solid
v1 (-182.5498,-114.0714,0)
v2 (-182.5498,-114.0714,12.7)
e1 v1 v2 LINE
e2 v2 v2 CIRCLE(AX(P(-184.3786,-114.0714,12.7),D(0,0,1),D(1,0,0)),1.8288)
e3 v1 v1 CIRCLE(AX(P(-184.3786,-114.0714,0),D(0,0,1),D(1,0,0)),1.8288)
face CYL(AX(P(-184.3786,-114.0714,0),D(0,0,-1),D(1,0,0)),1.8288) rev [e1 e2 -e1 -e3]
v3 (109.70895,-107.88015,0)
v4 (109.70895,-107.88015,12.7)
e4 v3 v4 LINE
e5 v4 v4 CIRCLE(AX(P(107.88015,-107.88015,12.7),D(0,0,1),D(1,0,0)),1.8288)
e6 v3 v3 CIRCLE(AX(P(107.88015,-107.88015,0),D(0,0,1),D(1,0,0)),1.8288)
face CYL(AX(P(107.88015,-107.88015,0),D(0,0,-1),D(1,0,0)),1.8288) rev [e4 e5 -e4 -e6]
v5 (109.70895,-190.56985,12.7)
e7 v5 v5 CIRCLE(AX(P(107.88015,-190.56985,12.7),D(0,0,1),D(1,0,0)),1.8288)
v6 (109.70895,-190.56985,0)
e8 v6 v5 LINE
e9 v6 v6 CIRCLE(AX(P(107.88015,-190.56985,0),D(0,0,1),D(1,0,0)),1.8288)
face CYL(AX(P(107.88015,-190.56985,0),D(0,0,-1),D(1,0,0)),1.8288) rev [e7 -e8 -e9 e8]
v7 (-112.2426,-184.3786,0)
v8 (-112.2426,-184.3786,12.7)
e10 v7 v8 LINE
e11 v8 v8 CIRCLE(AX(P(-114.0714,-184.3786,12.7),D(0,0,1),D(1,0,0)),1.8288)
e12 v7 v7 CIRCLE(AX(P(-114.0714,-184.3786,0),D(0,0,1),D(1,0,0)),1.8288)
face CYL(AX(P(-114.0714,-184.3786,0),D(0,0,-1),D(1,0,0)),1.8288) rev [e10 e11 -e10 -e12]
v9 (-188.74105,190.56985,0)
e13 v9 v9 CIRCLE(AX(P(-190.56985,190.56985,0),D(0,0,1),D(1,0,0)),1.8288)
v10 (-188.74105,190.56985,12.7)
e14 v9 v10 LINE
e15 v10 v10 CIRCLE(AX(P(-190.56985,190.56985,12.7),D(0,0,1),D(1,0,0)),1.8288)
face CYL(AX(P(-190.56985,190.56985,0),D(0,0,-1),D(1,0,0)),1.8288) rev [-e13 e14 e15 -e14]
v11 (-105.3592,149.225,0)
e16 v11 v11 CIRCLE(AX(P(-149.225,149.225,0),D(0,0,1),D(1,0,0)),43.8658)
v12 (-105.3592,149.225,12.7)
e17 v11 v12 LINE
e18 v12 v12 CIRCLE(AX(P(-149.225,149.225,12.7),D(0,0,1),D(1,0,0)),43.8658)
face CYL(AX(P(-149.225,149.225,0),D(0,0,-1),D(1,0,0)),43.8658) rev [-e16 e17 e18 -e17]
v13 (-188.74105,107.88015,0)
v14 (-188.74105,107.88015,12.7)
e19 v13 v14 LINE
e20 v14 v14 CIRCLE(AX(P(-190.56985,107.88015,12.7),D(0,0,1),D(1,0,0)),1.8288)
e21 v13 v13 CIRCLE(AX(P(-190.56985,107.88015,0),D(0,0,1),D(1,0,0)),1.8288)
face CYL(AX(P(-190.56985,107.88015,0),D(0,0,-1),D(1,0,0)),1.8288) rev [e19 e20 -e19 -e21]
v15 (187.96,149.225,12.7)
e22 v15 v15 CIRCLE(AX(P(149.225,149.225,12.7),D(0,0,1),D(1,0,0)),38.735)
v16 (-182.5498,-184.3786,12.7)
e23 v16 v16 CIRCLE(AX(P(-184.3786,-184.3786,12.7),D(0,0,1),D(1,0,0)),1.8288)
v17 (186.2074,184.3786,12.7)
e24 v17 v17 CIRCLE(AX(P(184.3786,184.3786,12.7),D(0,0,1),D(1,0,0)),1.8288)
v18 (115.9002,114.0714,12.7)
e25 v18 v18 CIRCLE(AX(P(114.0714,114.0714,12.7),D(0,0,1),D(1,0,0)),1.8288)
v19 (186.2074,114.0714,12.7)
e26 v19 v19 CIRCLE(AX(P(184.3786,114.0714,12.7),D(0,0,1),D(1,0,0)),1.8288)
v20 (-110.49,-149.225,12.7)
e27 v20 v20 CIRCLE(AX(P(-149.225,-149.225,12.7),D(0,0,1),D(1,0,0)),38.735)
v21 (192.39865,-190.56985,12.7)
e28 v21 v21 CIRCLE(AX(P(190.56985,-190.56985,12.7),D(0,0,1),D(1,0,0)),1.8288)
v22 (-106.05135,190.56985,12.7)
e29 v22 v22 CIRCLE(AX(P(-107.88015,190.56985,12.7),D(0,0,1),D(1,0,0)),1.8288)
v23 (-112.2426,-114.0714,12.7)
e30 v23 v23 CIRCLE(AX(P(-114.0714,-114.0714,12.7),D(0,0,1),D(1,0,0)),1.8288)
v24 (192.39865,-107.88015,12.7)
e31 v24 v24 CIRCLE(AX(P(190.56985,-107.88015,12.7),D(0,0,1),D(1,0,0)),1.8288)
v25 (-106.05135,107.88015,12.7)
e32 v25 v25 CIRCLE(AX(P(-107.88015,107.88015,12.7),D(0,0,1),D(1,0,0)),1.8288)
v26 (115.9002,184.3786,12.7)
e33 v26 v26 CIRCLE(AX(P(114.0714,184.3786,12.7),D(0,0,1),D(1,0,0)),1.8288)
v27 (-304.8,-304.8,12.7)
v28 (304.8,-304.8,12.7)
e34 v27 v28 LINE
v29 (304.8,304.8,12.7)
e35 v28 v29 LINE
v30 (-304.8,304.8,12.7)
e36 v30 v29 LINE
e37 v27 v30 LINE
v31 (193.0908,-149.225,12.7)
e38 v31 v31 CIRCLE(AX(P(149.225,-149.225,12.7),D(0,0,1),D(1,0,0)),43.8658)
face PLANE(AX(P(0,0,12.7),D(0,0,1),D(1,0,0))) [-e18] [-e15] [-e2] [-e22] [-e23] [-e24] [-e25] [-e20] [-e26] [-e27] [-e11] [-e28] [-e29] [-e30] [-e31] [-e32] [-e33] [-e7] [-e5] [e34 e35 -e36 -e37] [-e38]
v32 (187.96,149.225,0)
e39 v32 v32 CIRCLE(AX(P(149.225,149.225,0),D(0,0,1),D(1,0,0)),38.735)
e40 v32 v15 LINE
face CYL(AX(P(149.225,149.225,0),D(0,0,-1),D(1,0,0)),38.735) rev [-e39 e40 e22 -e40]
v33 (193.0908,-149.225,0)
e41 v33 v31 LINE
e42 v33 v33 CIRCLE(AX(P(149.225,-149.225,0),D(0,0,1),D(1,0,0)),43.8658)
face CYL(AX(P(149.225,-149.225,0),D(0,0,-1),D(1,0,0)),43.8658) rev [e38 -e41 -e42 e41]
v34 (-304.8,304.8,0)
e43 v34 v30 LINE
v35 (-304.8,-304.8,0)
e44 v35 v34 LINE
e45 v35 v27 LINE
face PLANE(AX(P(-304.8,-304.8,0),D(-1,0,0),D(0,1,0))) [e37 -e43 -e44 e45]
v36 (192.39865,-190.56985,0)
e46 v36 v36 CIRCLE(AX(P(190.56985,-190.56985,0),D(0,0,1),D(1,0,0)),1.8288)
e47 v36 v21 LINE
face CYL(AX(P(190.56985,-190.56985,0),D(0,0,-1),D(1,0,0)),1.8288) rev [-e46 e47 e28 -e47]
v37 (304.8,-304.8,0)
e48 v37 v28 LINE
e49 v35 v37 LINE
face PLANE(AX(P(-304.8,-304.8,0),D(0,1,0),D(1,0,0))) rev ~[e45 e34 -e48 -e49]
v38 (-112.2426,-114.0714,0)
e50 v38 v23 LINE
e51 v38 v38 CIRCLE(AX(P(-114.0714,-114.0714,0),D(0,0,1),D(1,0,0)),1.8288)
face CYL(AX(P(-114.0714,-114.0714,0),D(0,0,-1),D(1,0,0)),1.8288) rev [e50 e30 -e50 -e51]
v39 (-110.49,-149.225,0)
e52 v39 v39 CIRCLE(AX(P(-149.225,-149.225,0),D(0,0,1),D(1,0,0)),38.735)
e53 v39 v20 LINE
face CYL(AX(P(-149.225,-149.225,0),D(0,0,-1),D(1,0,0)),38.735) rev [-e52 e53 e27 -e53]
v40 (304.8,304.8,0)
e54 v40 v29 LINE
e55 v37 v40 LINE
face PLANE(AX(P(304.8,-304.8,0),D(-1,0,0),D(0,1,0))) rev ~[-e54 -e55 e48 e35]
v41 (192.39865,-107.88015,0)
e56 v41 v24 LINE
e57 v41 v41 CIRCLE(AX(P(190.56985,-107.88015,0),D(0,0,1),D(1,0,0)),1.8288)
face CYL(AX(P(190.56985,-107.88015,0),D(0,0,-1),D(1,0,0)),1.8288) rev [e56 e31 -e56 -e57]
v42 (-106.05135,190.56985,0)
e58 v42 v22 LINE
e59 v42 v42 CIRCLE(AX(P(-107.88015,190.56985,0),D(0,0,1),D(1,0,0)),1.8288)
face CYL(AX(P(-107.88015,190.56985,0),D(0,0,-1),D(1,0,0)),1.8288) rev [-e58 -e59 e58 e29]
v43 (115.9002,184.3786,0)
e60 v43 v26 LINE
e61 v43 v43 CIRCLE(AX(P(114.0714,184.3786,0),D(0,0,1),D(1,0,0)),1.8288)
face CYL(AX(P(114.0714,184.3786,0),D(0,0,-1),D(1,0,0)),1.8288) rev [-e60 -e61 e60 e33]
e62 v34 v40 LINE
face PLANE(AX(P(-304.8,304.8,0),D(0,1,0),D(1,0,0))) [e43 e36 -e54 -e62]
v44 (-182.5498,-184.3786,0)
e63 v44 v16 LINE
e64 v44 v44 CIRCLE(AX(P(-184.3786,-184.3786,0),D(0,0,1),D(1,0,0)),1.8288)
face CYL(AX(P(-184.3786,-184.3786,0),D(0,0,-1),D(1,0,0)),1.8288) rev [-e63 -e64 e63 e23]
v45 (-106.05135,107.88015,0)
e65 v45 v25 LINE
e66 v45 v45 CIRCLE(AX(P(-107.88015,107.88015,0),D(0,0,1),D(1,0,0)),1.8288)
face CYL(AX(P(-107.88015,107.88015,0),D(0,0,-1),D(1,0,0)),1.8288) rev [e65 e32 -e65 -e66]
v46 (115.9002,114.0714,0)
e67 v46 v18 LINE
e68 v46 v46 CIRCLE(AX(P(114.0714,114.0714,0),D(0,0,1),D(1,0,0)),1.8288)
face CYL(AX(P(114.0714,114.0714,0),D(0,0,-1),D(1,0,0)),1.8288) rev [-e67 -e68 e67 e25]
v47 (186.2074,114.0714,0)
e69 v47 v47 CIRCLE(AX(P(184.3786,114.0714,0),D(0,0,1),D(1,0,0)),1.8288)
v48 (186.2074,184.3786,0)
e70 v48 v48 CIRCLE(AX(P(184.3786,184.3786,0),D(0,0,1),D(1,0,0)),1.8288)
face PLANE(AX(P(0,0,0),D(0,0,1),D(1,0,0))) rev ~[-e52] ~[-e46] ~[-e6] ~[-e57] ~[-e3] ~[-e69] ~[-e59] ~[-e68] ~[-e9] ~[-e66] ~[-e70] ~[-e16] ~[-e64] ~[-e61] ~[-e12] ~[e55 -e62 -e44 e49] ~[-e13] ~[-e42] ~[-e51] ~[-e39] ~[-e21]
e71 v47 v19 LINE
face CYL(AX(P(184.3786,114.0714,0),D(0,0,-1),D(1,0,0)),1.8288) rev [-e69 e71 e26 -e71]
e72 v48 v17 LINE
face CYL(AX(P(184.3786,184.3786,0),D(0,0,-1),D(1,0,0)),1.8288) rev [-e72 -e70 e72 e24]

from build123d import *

# Parameters (mm, degrees)
F0_W     = 609.6
F0_H     = 609.6
F0_R     = 1.8288
F0_R_2   = 38.735
F0_R_3   = 43.8658
F1_DEPTH = 12.7


with BuildPart() as f1:
    # F0 (on Top) → F1 (new body)
    with BuildSketch(Plane.XY):
        Rectangle(F0_W, F0_H)
        with Locations((-184.3786, -184.3786)):
            Circle(F0_R, mode=Mode.SUBTRACT)
        with Locations((-114.0714, -184.3786)):
            Circle(F0_R, mode=Mode.SUBTRACT)
        with Locations((-184.3786, -114.0714)):
            Circle(F0_R, mode=Mode.SUBTRACT)
        with Locations((-149.225, -149.225)):
            Circle(F0_R_2, mode=Mode.SUBTRACT)
        with Locations((-114.0714, -114.0714)):
            Circle(F0_R, mode=Mode.SUBTRACT)
        with Locations((107.88015, -190.56985)):
            Circle(F0_R, mode=Mode.SUBTRACT)
        with Locations((190.56985, -190.56985)):
            Circle(F0_R, mode=Mode.SUBTRACT)
        with Locations((149.225, -149.225)):
            Circle(F0_R_3, mode=Mode.SUBTRACT)
        with Locations((107.88015, -107.88015)):
            Circle(F0_R, mode=Mode.SUBTRACT)
        with Locations((190.56985, -107.88015)):
            Circle(F0_R, mode=Mode.SUBTRACT)
        with Locations((-190.56985, 107.88015)):
            Circle(F0_R, mode=Mode.SUBTRACT)
        with Locations((-107.88015, 107.88015)):
            Circle(F0_R, mode=Mode.SUBTRACT)
        with Locations((-149.225, 149.225)):
            Circle(F0_R_3, mode=Mode.SUBTRACT)
        with Locations((-190.56985, 190.56985)):
            Circle(F0_R, mode=Mode.SUBTRACT)
        with Locations((-107.88015, 190.56985)):
            Circle(F0_R, mode=Mode.SUBTRACT)
        with Locations((114.0714, 114.0714)):
            Circle(F0_R, mode=Mode.SUBTRACT)
        with Locations((149.225, 149.225)):
            Circle(F0_R_2, mode=Mode.SUBTRACT)
        with Locations((184.3786, 114.0714)):
            Circle(F0_R, mode=Mode.SUBTRACT)
        with Locations((114.0714, 184.3786)):
            Circle(F0_R, mode=Mode.SUBTRACT)
        with Locations((184.3786, 184.3786)):
            Circle(F0_R, mode=Mode.SUBTRACT)
    extrude(amount=F1_DEPTH)


solid = f1.part
